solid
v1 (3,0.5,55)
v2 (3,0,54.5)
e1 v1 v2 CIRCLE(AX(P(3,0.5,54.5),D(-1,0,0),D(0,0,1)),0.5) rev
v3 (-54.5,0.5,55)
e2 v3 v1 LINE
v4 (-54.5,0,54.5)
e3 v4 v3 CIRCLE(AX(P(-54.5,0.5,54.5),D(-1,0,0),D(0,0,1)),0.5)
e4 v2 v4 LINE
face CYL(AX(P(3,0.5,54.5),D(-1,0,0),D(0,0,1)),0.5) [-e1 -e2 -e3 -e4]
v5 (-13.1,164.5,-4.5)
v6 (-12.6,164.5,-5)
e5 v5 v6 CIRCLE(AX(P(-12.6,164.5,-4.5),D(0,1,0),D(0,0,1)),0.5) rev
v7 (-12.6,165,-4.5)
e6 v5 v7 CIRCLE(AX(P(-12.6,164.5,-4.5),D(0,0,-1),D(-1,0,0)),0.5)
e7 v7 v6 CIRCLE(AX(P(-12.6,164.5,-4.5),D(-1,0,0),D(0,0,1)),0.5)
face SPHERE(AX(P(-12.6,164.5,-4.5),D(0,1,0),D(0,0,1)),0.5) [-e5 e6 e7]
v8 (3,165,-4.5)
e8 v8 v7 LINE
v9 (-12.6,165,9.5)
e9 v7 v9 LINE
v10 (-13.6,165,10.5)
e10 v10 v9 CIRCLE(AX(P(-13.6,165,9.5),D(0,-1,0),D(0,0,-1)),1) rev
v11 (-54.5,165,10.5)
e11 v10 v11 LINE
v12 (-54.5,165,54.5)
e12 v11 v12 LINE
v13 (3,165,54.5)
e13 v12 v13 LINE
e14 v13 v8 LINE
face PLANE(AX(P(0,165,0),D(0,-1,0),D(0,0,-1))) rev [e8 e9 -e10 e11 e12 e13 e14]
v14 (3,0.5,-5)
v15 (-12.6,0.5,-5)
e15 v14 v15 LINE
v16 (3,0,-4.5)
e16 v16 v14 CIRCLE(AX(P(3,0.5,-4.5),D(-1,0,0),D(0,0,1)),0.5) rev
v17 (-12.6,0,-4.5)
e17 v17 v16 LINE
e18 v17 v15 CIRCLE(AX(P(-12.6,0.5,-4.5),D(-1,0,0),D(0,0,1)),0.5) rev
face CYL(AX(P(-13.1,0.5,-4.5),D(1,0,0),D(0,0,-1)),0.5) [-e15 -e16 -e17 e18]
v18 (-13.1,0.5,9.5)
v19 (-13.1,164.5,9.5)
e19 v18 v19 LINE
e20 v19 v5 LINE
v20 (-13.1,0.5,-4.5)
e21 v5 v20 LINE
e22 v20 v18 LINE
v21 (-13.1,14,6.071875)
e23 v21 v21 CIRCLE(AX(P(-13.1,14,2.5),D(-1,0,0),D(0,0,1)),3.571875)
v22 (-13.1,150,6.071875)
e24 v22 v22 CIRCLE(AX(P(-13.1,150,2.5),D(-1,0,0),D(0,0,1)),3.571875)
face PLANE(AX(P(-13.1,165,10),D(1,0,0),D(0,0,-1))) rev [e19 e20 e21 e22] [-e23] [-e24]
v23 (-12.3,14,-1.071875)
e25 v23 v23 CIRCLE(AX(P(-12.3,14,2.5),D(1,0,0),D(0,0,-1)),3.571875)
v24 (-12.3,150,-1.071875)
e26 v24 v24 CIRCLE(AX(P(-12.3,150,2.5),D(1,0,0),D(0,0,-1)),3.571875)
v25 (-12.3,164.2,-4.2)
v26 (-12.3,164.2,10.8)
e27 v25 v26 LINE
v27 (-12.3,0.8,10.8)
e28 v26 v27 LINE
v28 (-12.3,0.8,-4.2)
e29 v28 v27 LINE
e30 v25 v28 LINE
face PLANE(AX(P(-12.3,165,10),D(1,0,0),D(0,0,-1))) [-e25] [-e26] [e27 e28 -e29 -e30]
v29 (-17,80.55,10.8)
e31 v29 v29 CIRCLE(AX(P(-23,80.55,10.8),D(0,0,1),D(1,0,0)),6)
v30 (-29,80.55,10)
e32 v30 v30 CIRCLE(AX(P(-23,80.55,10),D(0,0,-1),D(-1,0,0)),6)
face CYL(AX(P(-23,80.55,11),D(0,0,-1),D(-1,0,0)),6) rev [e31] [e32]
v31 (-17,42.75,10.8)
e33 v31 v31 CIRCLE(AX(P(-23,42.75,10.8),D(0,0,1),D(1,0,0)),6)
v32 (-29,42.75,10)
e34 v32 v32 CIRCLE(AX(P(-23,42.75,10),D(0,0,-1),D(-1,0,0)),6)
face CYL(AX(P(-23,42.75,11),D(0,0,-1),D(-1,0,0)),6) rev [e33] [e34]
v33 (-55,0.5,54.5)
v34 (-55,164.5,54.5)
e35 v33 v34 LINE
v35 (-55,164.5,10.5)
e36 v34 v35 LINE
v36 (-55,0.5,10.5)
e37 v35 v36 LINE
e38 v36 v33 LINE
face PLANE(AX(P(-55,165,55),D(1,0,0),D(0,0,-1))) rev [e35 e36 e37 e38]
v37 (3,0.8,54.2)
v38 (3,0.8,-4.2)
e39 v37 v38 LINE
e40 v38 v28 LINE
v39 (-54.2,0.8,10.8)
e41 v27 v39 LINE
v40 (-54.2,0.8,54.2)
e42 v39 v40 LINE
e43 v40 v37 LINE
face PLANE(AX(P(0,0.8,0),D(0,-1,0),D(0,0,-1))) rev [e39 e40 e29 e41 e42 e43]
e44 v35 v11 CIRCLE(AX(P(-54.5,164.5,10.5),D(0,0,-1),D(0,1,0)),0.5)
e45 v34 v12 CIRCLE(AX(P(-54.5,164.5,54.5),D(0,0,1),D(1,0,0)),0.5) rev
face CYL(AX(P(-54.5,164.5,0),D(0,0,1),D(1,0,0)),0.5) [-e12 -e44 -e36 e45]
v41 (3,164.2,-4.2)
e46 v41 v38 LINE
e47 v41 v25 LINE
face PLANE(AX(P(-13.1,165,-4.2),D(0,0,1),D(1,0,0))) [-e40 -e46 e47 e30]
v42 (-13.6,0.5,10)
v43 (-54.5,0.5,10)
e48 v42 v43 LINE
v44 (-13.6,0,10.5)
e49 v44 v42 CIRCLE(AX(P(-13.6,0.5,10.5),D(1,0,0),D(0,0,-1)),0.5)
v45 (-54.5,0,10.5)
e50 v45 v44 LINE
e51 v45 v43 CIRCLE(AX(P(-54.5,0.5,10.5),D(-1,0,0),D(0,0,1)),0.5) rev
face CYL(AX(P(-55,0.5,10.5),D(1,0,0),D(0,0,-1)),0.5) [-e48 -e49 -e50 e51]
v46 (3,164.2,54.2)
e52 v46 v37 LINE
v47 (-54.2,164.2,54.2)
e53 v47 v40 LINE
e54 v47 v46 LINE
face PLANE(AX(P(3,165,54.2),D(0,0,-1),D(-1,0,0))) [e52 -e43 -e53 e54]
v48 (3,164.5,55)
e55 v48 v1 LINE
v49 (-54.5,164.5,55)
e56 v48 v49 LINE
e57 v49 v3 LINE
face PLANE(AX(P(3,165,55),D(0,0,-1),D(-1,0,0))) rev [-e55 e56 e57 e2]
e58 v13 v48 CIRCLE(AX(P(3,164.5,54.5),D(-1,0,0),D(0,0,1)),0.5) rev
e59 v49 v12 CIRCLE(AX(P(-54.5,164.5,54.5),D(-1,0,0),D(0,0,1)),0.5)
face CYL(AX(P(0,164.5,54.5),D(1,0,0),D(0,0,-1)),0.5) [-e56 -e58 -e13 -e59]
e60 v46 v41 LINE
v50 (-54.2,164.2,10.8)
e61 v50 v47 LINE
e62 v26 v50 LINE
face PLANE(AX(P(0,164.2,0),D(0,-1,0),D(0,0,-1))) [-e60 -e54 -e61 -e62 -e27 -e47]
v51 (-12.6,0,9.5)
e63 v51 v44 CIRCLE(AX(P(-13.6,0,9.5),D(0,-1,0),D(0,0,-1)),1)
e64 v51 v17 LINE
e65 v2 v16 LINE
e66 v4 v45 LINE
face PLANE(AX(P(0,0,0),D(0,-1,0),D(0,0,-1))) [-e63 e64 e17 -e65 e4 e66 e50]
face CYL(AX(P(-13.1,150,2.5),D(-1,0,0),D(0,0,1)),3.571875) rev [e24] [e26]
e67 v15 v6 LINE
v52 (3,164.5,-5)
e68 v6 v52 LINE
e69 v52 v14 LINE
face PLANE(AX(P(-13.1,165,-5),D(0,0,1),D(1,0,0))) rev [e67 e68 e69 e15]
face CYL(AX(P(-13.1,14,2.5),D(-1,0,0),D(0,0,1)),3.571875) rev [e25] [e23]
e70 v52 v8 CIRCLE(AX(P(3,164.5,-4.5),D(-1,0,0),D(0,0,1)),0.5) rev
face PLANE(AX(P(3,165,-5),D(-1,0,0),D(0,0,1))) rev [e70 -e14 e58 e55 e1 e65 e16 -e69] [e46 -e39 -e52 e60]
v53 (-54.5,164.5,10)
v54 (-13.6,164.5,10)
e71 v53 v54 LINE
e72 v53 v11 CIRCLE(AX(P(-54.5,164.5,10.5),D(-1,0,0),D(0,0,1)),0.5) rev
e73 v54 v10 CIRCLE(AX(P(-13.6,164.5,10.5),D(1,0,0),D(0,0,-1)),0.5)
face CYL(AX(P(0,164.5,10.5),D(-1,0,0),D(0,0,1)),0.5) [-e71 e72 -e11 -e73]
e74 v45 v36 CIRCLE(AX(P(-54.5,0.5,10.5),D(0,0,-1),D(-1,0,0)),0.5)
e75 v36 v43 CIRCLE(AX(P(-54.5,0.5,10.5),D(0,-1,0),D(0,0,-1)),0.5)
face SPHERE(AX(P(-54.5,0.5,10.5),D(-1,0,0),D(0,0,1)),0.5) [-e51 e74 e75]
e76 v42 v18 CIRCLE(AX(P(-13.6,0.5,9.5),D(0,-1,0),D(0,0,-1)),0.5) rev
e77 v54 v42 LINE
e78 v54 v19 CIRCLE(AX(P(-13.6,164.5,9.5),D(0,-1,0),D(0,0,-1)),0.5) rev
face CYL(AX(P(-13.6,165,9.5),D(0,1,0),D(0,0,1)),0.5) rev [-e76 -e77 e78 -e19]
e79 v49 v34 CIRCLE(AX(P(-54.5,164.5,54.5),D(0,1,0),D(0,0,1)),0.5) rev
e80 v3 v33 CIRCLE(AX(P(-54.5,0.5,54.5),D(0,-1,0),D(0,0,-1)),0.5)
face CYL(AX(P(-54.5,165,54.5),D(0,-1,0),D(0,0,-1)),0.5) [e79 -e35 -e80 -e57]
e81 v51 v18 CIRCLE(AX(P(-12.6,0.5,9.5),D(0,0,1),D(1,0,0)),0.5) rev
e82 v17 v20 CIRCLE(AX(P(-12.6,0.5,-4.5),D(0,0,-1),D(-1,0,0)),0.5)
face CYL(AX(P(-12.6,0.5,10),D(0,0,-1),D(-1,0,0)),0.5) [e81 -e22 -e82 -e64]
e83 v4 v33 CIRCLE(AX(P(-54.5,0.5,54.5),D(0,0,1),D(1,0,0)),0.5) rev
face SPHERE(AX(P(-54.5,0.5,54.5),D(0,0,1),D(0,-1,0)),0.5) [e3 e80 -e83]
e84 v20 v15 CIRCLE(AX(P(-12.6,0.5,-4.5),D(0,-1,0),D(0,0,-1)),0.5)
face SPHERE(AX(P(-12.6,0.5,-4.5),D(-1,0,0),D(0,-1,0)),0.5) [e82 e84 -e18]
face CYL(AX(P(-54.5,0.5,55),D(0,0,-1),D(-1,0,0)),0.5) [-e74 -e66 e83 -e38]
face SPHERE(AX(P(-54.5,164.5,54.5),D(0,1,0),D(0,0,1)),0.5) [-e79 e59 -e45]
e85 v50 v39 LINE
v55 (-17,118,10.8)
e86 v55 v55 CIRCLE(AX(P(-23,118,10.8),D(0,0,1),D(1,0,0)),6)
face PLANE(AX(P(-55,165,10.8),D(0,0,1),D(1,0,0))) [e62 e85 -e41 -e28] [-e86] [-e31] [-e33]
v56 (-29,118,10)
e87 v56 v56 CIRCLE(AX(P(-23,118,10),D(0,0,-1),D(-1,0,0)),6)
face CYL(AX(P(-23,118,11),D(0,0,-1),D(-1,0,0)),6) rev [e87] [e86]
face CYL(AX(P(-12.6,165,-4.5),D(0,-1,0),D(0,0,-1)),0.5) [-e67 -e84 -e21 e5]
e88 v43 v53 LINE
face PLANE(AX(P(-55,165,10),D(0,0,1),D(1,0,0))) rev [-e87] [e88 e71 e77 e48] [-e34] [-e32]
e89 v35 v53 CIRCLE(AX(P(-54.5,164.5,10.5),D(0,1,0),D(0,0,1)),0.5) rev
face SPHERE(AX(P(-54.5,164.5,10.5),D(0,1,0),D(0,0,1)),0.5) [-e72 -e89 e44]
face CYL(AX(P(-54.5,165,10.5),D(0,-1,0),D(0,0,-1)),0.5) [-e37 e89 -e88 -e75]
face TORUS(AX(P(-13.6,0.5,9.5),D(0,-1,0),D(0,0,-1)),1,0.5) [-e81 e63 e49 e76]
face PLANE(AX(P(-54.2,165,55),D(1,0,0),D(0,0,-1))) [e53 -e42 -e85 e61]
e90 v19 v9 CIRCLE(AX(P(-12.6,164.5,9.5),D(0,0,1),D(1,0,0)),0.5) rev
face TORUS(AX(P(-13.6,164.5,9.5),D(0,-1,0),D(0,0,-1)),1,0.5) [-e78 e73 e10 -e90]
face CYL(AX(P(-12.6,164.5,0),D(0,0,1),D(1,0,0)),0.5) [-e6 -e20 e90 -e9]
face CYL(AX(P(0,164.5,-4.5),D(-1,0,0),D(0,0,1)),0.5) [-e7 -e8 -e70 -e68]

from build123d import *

# Parameters (mm, degrees)
EXTRUDE_1_DEPTH              = 165
SHELL_1_T                    = -0.8
SKETCH_2_R                   = 6
CUT_EXTRUDE_4_DEPTH          = 1
FILLET_1_R                   = 0.5
HOLE_WIZARD_9_32_0_28125_1_D = 7.14375


with BuildPart() as part:
    # 草图1 → 凸台-拉伸1 (new body)
    with BuildSketch(Plane(origin=(0, 0, 0), x_dir=(1, 0, 0), z_dir=(0, 1, 0))):
        Polygon((3, 5), (3, -55), (-55, -55), (-55, -10), (-13.1, -10), (-13.1, 5), align=None)
    extrude(amount=EXTRUDE_1_DEPTH)

    # 抽壳1
    shell_1_openings = [part.faces().sort_by_distance(p)[0] for p in [
        (3, 82.5, 25),
    ]]
    offset(amount=SHELL_1_T, openings=shell_1_openings, kind=Kind.INTERSECTION)

    # 草图2 → 切除-拉伸4 (cut)
    with BuildSketch(Plane(origin=(0, 0, 10), x_dir=(-1, 0, 0), z_dir=(0, 0, -1))):
        with Locations((23, 42.75)):
            Circle(SKETCH_2_R)
        with Locations((23, 118)):
            Circle(SKETCH_2_R)
        with Locations((23, 80.55)):
            Circle(SKETCH_2_R)
    extrude(amount=-CUT_EXTRUDE_4_DEPTH, mode=Mode.SUBTRACT)

    # 圆角1
    fillet_1_edges = [part.edges().sort_by_distance(p)[0] for p in [
        (-55, 82.5, 55),
        (-55, 82.5, 10),
        (-13.1, 82.5, 10),
        (-13.1, 82.5, -5),
        (-34.05, 165, 10),
        (-55, 165, 32.5),
        (-26, 165, 55),
        (-5.05, 165, -5),
        (-26, 0, 55),
        (-55, 0, 32.5),
        (-34.05, 0, 10),
        (-13.1, 0, 2.5),
        (-5.05, 0, -5),
        (-13.1, 165, 2.5),
    ]]
    fillet(fillet_1_edges, radius=FILLET_1_R)

    # 9/32 (0.28125) 直径孔1 (through all)
    with Locations(Plane.ZY.offset(13.1)):
        with Locations((2.5, 150), (2.5, 14)):
            Hole(HOLE_WIZARD_9_32_0_28125_1_D / 2)


solid = part.part
